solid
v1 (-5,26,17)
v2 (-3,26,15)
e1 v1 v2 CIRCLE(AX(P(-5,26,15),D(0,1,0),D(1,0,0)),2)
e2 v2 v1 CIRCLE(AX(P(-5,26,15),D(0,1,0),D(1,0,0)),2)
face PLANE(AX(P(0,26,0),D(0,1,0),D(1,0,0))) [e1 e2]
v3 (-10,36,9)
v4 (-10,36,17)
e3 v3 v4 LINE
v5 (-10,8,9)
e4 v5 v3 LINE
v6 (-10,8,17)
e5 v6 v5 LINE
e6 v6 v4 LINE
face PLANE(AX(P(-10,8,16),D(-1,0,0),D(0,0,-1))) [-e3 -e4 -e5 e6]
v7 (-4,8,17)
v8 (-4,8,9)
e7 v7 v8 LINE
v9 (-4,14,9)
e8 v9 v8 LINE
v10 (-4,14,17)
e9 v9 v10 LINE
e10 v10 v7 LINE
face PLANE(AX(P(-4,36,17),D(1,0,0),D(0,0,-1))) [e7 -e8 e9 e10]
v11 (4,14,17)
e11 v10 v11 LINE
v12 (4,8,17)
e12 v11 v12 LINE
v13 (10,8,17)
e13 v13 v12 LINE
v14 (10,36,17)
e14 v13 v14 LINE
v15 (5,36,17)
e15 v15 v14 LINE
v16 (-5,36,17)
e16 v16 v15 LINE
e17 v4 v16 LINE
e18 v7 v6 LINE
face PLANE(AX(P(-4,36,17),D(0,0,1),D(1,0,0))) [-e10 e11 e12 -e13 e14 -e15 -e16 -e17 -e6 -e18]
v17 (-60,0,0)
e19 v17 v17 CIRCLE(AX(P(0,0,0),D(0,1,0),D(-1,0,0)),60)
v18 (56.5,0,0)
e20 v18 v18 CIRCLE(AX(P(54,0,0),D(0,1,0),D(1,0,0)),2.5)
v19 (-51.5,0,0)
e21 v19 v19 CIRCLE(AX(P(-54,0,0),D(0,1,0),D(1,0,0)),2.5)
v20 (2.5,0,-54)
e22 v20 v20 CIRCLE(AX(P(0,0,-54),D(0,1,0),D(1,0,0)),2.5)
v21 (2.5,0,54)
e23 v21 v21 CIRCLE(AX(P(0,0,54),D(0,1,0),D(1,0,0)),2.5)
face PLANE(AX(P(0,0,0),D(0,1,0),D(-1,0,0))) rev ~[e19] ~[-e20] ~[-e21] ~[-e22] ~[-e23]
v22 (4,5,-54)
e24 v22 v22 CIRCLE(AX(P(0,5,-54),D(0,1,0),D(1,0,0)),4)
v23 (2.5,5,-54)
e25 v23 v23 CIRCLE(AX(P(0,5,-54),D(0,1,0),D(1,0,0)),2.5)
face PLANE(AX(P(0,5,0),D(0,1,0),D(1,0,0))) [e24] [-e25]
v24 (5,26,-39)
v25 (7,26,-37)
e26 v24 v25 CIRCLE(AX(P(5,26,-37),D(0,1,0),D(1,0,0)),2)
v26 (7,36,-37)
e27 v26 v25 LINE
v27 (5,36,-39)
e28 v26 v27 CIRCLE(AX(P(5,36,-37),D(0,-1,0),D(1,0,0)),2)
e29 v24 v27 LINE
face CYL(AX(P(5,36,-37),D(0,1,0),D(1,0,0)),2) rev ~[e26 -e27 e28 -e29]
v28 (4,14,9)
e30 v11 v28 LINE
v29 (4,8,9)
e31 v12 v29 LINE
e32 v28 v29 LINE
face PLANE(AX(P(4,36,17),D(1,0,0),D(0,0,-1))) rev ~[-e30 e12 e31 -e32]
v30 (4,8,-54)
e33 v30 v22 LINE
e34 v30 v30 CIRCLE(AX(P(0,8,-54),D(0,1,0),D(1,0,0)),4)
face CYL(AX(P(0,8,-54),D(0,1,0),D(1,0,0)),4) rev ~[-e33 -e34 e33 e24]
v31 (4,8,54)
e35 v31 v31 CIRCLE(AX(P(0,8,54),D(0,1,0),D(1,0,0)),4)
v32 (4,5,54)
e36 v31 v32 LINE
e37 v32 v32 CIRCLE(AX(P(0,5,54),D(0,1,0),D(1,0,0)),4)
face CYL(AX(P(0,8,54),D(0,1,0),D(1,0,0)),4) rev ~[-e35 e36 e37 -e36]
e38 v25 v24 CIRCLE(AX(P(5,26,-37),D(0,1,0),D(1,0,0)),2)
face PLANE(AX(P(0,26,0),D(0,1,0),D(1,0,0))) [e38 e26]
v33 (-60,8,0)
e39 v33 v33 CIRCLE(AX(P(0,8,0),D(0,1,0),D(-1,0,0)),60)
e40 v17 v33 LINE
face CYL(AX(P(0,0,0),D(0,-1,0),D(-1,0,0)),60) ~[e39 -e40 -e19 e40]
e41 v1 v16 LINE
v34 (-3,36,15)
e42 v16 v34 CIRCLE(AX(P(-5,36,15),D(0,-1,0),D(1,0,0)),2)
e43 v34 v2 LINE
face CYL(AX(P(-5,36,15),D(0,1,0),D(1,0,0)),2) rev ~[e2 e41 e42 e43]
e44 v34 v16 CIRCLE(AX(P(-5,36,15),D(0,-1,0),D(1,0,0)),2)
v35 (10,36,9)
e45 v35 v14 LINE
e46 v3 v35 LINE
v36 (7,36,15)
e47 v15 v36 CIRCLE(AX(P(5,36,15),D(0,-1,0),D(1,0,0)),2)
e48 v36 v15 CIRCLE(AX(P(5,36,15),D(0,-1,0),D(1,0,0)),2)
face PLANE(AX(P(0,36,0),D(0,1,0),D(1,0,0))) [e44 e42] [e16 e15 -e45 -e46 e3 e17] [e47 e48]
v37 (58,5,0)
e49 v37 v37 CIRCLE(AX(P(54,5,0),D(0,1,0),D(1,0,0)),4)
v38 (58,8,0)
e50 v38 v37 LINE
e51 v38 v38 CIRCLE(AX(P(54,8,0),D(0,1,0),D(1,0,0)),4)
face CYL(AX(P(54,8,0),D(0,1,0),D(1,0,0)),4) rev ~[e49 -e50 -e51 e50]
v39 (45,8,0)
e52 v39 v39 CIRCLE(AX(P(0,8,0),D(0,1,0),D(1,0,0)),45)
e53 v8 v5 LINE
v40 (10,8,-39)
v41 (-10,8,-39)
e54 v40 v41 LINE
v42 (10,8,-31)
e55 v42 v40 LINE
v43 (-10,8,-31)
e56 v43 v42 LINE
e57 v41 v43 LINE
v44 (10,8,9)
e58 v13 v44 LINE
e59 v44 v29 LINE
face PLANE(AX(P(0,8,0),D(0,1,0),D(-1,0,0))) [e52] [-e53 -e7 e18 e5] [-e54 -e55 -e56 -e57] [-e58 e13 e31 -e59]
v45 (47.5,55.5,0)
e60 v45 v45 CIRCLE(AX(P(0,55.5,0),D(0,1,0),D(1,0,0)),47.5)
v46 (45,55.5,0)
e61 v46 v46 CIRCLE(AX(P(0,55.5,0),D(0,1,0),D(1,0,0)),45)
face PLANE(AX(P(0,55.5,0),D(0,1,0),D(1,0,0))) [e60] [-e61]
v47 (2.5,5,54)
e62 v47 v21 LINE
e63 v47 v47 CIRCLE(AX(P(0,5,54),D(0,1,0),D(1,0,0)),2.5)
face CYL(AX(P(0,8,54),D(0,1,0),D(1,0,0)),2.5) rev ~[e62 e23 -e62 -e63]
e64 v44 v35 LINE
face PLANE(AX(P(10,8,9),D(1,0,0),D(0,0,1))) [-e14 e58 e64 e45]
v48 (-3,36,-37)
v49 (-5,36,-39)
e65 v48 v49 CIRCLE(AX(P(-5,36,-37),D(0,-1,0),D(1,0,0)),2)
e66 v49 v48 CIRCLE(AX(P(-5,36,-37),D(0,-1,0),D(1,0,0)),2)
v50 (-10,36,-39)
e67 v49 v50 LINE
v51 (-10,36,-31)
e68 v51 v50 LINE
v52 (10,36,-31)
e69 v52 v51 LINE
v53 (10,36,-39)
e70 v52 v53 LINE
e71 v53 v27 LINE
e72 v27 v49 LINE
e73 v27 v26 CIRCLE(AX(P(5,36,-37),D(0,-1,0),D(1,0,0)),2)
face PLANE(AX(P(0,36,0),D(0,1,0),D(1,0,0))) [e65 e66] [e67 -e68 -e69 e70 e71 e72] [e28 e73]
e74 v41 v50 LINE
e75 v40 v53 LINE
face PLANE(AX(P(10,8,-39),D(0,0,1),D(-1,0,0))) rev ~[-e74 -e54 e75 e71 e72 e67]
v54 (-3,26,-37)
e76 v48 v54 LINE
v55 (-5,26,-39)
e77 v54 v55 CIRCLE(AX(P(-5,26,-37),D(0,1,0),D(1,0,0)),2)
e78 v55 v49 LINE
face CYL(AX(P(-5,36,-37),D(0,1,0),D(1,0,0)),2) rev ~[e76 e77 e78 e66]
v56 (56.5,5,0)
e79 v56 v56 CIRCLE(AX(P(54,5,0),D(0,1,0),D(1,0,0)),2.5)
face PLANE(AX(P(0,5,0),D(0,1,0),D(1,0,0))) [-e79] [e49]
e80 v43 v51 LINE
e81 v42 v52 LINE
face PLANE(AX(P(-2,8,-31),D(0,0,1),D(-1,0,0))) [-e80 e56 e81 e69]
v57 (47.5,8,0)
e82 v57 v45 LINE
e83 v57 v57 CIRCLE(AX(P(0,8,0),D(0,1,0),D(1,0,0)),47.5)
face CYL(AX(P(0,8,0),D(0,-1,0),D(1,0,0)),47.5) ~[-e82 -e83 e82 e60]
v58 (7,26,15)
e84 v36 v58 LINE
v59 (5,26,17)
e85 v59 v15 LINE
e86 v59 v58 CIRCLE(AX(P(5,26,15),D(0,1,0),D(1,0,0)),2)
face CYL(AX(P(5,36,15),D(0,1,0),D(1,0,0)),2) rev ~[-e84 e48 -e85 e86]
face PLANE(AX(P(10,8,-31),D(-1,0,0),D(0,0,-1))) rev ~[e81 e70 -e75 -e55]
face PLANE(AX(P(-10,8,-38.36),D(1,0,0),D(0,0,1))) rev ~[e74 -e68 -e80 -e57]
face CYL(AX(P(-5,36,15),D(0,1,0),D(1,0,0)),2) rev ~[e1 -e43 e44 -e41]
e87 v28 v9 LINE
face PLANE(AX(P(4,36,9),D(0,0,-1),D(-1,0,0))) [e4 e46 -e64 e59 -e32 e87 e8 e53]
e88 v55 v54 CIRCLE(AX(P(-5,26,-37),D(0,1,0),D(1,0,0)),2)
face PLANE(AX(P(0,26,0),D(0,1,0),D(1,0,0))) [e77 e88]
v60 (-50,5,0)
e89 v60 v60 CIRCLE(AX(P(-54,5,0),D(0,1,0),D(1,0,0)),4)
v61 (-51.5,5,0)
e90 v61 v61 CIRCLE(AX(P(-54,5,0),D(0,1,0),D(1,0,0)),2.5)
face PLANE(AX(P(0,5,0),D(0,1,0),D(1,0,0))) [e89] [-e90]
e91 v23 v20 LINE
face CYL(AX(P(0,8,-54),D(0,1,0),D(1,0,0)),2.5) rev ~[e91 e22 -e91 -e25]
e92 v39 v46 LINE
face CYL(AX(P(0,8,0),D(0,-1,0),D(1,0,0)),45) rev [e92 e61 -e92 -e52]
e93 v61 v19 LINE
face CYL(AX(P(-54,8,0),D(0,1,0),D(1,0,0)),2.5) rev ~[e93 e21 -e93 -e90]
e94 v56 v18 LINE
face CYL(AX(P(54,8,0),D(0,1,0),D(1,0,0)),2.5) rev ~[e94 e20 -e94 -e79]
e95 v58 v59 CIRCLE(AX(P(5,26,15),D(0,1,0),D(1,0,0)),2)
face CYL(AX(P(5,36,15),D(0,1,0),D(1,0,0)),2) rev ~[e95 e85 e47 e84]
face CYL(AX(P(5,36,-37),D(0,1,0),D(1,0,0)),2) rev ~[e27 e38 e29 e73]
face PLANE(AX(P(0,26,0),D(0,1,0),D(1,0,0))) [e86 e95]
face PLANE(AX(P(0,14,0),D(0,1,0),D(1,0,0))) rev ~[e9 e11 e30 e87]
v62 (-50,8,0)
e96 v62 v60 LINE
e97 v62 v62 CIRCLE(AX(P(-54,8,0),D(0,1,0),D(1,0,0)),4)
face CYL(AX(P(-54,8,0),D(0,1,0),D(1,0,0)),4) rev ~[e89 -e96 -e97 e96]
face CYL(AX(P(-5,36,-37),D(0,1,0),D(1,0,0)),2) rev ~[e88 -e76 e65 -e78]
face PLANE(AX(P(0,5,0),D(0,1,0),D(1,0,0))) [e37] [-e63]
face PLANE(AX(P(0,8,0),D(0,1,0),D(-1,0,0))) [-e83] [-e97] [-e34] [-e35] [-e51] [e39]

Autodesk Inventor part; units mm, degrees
ref_plane "YZ Plane" through (0, 0, 0) normal (1, 0, 0) x (0, 1, 0)
ref_plane "XZ Plane" through (0, 0, 0) normal (0, 1, 0) x (-1, 0, 0)
ref_plane "XY Plane" through (0, 0, 0) normal (0, 0, 1) x (1, 0, 0)
sketch "Sketch1" plane through (0, 0, 0) normal (0, 1, 0) x (-1, 0, 0)
  circle A0 centre (0, 0) radius 60
  dimension "d0" = 120
extrude "Extrusion1" add sketch "Sketch1" along normal blind 8
sketch "Sketch2" plane through (0, 8, 0) normal (0, 1, 0) x (1, 0, 0)
  circle A0 centre (-54, 0) radius 4
  circle A1 centre (-54, 0) radius 2.5
  circle A2 centre (0, -54) radius 4
  circle A3 centre (0, -54) radius 2.5
  circle A4 centre (54, 0) radius 4
  circle A5 centre (54, 0) radius 2.5
  circle A6 centre (0, 54) radius 4
  circle A7 centre (0, 54) radius 2.5
  point P0 (0, 0)
  dimension "d3" = 8
  dimension "d4" = 5
  dimension "d5" = 8
  dimension "d6" = 5
  dimension "d7" = 8
  dimension "d8" = 5
  dimension "d9" = 8
  dimension "d10" = 5
extrude "Extrusion2" cut sketch "Sketch2" against normal blind 8 contours A1 | A3 | A5 | A7
sketch "Sketch3" plane through (0, 8, 0) normal (0, 1, 0) x (1, 0, 0)
  circle A0 centre (-54, 0) radius 2.5 projected
  circle A1 centre (-54, 0) radius 4
  circle A2 centre (-54, 0) radius 2.5
  circle A3 centre (0, 54) radius 2.5 projected
  circle A4 centre (0, 54) radius 4
  circle A5 centre (0, 54) radius 2.5
  circle A6 centre (54, 0) radius 2.5 projected
  circle A7 centre (54, 0) radius 4
  circle A8 centre (54, 0) radius 2.5
  circle A9 centre (0, -54) radius 4
  circle A10 centre (0, -54) radius 2.5
  point P0 (0, 0)
  dimension "d13" = 8
  dimension "d14" = 8
  dimension "d15" = 5
  dimension "d16" = 8
  dimension "d17" = 5
  dimension "d18" = 8
extrude "Extrusion3" cut sketch "Sketch3" against normal blind 3
sketch "Sketch4" plane through (0, 8, 0) normal (0, 1, 0) x (1, 0, 0)
  circle A0 centre (0, 0) radius 47.5
  circle A1 centre (0, 0) radius 45
  line L0 (0, 0) -> (-10, 0)
  line L1 (-10, 0) -> (-10, -9)
  line L2 (-10, -9) -> (0, -9)
  line L3 (0, -9) -> (0, 0)
  line L4 (0, -9) -> (10, -9)
  line L5 (10, -9) -> (10, 0)
  line L6 (10, 0) -> (0, 0)
  line L7 (0, 0) -> (0, -9)
  line L8 (-10, -9) -> (10, -9)
  line L9 (10, -9) -> (10, -16)
  line L10 (10, -16) -> (-10, -16)
  line L11 (-10, -16) -> (-10, -9)
  dimension "d21" = 95
  dimension "d22" = 90
  dimension "d23" = 10
  dimension "d24" = 9
  dimension "d25" = 10
  dimension "d26" = 7
extrude "Extrusion4" add sketch "Sketch4" along normal blind 47.5 contours A0
sketch "Sketch5" plane through (0, 8, 0) normal (0, 1, 0) x (1, 0, 0)
  line L0 (0, 0) -> (-10, 0)
  line L1 (-10, 0) -> (-10, -9)
  line L2 (-10, -9) -> (0, -9)
  line L3 (0, -9) -> (0, 0)
  line L4 (-10, -9) -> (10, -9)
  line L5 (10, -9) -> (10, -16)
  line L6 (10, -16) -> (-10, -16)
  line L7 (-10, -16) -> (-10, -9)
  line L8 (-10, -9) -> (10, -9)
  line L9 (10, -9) -> (10, 31)
  line L10 (10, 31) -> (-10, 31)
  line L11 (-10, 31) -> (-10, -9)
  line L12 (-10, 31) -> (-2, 31)
  line L13 (-2, 31) -> (-2, 38.36)
  line L14 (-2, 38.36) -> (-10, 38.36)
  line L15 (-10, 38.36) -> (-10, 31)
  line L16 (-10, 31) -> (10, 31)
  line L17 (10, 31) -> (10, 39)
  line L18 (10, 39) -> (-10, 39)
  line L19 (-10, 39) -> (-10, 31)
  line L20 (-10, -9) -> (10, -9)
  line L21 (10, -9) -> (10, -17)
  line L22 (10, -17) -> (-10, -17)
  line L23 (-10, -17) -> (-10, -9)
  dimension "d29" = 10
  dimension "d30" = 9
  dimension "d31" = 20
  dimension "d32" = 7
  dimension "d33" = 40
  dimension "d34" = 8
  dimension "d35" = 8
  dimension "d36" = 8
extrude "Extrusion5" add sketch "Sketch5" along normal blind 28 contours L4 L5 L6 L7 L2 | L15 L14 L13 L10 | L6 L21 L22 L23 | L13 L14 L19 L18 L17 L10
sketch "Sketch6" plane through (0, 36, 0) normal (0, 1, 0) x (1, 0, 0)
  line L0 (10, -17) -> (-10, -17) projected
  line L1 (-10, -9) -> (10, -9) projected
  line L2 (0, -17) -> (-4, -17)
  line L3 (-4, -17) -> (-4, -9)
  line L4 (-4, -9) -> (0, -9)
  line L5 (0, -9) -> (0, -17)
  line L6 (0, -17) -> (4, -17)
  line L7 (4, -17) -> (4, -9)
  line L8 (4, -9) -> (0, -9)
  line L9 (0, -9) -> (0, -17)
  point P0 (0, 0)
  dimension "d39" = 4
  dimension "d40" = 4
extrude "Extrusion6" cut sketch "Sketch6" against normal blind 28
sketch "Sketch7" plane through (0, 36, 0) normal (0, 1, 0) x (1, 0, 0)
  line L0 (-10, -17) -> (-4, -17) projected
  line L1 (4, -9) -> (10, -9) projected
  line L2 (-4, -17) -> (4, -17)
  line L3 (4, -17) -> (4, -9)
  line L4 (4, -9) -> (-4, -9)
  line L5 (-4, -9) -> (-4, -17)
  point P0 (0, 0)
extrude "Extrusion7" add sketch "Sketch7" against normal blind 22
sketch "Sketch8" plane through (0, 36, 0) normal (0, 1, 0) x (1, 0, 0)
  line L0 (-4, -17) -> (-10, -17) projected
  line L1 (10, -17) -> (10, -9) projected
  line L2 (-10, -17) -> (10, -17)
  line L3 (10, -17) -> (10, -15)
  line L4 (10, -15) -> (-10, -15)
  line L5 (-10, -15) -> (-10, -17)
  line L6 (-4, -9) -> (4, -9) projected
  line L7 (0, -9) -> (-5, -9)
  line L8 (-5, -9) -> (-5, -17)
  line L9 (-5, -17) -> (0, -17)
  line L10 (0, -17) -> (0, -9)
  line L11 (-10, -17) -> (10, -17) projected
  line L12 (0, -9) -> (5, -9)
  line L13 (5, -9) -> (5, -17)
  line L14 (5, -17) -> (0, -17)
  line L15 (0, -17) -> (0, -9)
  circle A0 centre (-5, -15) radius 2
  circle A1 centre (5, -15) radius 2
  line L16 (-10, 31) -> (-10, 39) projected
  line L17 (10, 39) -> (10, 31) projected
  line L18 (-10, 39) -> (10, 39)
  line L19 (10, 39) -> (10, 37)
  line L20 (10, 37) -> (-10, 37)
  line L21 (-10, 37) -> (-10, 39)
  line L22 (10, 31) -> (-10, 31) projected
  line L23 (-10, 39) -> (10, 39) projected
  line L24 (0, 31) -> (-5, 31)
  line L25 (-5, 31) -> (-5, 39)
  line L26 (-5, 39) -> (0, 39)
  line L27 (0, 39) -> (0, 31)
  line L28 (0, 31) -> (5, 31)
  line L29 (5, 31) -> (5, 39)
  line L30 (5, 39) -> (0, 39)
  line L31 (0, 39) -> (0, 31)
  circle A2 centre (-5, 37) radius 2
  circle A3 centre (5, 37) radius 2
  point P0 (0, 0)
  dimension "d45" = 2
  dimension "d46" = 5
  dimension "d47" = 5
  dimension "d48" = 4
  dimension "d49" = 4
  dimension "d50" = 2
  dimension "d51" = 4
  dimension "d52" = 4
extrude "Extrusion8" cut sketch "Sketch8" against normal blind 10 contours A0 L4 L8 | L8 L4 A0 | L8 A0 L4 | L4 A0 L8 | A1 L4 L13 | L13 L4 A1 | L13 A1 L4 | L4 A1 L13 | A2 L25 L20 | L20 L25 A2 | L25 L20 A2 | A2 L20 L25 | A3 L20 L29 | L29 L20 A3 | A3 L29 L20 | A3 L20 L29
properties part number "Base Part"
